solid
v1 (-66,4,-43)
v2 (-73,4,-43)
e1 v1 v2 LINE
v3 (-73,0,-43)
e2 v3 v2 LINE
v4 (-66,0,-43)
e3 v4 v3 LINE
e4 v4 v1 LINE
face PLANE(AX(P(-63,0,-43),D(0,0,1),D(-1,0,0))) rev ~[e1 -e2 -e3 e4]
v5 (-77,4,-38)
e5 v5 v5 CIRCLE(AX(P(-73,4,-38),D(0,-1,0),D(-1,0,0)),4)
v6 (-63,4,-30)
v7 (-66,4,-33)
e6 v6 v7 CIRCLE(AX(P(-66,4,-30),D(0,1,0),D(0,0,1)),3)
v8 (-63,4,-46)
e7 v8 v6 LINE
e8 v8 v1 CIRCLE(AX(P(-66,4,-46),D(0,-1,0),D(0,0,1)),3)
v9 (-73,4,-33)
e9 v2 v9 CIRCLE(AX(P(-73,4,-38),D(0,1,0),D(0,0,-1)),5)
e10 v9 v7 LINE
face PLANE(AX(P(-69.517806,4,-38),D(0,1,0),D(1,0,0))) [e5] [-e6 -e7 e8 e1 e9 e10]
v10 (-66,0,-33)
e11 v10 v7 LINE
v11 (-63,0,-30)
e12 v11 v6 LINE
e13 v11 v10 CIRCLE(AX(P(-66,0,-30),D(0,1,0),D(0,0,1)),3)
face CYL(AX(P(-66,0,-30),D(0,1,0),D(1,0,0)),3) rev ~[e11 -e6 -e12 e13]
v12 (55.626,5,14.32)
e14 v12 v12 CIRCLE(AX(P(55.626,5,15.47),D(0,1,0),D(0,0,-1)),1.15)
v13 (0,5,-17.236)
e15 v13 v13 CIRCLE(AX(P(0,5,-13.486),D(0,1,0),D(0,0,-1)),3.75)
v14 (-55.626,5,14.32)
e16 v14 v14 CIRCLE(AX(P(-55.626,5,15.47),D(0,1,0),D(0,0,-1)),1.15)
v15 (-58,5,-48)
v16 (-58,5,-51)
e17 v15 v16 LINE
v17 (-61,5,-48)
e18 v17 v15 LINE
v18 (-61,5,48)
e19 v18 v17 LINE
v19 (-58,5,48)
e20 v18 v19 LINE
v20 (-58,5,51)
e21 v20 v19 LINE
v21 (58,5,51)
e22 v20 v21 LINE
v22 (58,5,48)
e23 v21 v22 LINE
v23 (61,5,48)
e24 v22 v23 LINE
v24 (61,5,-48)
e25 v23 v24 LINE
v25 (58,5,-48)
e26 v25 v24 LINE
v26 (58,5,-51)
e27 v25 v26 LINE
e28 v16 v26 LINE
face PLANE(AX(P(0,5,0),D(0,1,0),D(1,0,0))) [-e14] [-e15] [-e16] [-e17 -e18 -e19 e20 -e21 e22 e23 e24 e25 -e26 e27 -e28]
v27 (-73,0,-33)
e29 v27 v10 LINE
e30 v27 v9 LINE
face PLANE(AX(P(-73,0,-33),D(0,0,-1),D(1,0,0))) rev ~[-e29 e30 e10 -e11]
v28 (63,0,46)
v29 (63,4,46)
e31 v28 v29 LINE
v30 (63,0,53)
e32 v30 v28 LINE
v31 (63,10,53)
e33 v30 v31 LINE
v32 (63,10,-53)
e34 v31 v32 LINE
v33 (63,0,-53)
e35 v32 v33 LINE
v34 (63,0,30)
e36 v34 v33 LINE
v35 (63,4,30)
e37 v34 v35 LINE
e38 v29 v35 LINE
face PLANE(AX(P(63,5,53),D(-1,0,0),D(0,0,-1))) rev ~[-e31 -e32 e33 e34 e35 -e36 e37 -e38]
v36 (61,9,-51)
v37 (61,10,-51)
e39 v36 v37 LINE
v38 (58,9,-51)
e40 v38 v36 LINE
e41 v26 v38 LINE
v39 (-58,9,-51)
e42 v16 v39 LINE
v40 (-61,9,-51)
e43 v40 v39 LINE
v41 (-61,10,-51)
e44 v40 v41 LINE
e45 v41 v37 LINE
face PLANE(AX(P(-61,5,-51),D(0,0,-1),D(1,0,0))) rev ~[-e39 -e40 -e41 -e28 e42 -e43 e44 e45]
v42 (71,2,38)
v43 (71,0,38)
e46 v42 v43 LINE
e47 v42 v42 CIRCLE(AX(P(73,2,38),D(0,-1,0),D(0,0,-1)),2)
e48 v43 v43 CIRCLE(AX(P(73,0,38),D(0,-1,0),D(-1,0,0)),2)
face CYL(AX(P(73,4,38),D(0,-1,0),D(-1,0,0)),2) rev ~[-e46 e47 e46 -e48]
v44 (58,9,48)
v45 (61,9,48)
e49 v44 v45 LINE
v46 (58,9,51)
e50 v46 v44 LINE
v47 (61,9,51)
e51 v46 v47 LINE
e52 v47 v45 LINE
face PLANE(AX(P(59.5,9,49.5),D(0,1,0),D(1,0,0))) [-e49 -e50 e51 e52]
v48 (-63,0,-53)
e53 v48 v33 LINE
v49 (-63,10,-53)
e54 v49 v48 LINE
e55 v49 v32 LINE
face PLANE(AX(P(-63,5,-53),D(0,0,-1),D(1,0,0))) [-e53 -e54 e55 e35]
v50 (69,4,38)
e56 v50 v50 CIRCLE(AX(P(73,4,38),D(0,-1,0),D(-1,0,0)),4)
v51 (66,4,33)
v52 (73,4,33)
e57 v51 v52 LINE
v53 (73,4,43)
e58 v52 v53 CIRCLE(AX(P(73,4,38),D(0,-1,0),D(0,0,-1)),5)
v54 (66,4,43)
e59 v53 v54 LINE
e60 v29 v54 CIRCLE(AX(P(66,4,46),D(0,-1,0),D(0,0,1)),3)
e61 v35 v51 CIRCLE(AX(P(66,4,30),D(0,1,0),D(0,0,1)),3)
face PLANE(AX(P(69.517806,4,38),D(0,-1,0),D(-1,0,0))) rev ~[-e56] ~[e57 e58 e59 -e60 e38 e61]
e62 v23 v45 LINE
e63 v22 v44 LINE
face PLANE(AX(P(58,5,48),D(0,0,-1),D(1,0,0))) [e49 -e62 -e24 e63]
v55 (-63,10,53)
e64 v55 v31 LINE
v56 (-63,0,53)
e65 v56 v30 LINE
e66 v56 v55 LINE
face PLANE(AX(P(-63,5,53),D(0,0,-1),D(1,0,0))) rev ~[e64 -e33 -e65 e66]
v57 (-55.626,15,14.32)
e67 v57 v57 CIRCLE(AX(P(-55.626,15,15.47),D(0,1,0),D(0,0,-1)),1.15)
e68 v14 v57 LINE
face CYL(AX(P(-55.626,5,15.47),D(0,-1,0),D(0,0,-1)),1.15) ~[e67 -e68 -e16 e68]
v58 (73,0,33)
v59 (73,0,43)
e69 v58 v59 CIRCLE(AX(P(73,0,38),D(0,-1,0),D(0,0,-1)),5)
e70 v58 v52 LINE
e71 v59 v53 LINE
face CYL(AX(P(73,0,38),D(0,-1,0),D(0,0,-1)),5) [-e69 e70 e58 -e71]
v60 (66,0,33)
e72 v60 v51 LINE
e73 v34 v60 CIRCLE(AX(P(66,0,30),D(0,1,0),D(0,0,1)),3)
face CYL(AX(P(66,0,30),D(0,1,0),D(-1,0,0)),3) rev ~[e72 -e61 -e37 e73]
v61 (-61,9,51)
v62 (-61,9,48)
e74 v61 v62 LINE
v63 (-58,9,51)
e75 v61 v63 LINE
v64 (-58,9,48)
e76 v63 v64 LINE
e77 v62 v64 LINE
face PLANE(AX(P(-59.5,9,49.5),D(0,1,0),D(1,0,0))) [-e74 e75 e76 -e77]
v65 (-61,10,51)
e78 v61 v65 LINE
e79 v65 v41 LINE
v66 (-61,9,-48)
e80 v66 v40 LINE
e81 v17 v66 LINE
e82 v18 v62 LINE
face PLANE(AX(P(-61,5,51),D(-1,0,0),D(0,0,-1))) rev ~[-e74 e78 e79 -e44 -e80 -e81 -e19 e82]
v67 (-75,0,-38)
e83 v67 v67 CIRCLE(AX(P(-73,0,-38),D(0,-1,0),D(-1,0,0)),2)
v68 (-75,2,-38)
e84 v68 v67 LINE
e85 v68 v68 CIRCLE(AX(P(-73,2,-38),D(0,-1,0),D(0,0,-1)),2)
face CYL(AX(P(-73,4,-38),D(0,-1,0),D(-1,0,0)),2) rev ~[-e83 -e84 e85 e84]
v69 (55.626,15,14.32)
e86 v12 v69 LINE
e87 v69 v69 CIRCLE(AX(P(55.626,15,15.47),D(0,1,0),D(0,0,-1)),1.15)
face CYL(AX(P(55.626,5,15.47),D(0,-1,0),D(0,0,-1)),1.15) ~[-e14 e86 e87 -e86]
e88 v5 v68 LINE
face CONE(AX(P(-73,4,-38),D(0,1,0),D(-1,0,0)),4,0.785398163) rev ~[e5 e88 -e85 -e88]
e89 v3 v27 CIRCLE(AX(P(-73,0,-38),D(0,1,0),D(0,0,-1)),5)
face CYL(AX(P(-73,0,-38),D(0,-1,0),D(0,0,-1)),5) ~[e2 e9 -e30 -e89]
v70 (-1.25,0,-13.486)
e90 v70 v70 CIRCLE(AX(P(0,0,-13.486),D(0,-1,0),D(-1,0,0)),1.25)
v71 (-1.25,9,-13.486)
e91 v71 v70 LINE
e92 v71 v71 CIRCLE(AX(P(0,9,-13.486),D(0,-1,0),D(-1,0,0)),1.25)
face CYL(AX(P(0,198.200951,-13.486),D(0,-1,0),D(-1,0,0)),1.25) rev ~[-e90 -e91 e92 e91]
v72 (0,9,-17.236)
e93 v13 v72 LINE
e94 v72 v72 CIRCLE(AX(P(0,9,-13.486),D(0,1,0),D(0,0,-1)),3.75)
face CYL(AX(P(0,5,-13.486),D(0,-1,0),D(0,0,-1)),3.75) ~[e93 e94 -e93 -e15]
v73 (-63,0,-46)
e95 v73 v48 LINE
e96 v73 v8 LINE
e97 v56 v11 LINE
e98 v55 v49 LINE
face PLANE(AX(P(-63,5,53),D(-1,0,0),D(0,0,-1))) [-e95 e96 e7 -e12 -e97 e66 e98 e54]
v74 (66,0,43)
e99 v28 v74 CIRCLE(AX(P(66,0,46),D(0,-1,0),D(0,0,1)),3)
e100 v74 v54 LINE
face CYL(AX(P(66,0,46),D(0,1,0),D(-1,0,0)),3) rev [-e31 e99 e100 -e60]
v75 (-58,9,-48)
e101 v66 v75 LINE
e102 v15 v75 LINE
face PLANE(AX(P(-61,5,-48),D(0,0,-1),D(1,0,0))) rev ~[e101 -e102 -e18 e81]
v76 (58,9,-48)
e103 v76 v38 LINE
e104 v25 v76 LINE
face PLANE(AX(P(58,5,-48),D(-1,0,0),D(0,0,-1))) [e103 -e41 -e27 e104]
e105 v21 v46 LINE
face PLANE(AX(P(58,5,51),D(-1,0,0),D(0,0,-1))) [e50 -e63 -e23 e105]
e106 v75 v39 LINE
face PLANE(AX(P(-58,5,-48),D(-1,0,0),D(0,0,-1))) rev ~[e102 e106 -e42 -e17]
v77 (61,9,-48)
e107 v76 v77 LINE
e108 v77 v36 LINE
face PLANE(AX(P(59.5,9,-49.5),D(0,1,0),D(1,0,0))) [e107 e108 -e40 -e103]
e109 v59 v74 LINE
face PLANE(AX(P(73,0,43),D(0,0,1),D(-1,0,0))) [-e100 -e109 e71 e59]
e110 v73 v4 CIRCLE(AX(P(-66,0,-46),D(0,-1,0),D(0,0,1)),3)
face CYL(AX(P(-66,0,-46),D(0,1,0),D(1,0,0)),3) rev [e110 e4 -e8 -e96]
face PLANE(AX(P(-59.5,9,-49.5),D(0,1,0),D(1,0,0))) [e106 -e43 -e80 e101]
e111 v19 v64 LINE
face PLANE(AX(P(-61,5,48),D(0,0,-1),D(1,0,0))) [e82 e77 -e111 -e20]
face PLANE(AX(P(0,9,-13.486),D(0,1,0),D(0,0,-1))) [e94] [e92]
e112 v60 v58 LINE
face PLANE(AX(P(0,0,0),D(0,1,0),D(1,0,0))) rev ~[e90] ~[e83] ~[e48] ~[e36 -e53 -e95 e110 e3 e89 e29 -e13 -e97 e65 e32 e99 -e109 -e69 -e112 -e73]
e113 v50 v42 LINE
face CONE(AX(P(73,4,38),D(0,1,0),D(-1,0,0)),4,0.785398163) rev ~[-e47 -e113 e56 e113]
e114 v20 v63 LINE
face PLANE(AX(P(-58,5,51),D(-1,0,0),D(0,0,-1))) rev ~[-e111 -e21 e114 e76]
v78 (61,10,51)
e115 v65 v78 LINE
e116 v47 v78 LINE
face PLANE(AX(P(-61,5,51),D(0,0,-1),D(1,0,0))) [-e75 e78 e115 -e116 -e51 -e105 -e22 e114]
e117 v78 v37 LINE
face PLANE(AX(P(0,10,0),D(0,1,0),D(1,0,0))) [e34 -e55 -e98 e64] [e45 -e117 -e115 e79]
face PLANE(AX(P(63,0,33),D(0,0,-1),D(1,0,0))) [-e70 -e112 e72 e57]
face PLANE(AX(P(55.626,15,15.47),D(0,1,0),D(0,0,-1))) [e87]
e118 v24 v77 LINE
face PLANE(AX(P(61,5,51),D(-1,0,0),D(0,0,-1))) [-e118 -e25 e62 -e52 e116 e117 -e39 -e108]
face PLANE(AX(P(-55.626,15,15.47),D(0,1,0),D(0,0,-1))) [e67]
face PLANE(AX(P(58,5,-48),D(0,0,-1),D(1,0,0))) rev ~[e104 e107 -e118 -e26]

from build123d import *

# Parameters (mm, degrees)
SKETCH1_W                       = 126
SKETCH1_H                       = 106
BOSS_EXTRUDE1_DEPTH             = 5
SKETCH3_W                       = 126
SKETCH3_H                       = 106
SKETCH3_W_2                     = 122
SKETCH3_H_2                     = 102
BOSS_EXTRUDE3_DEPTH             = 5
BOSS_EXTRUDE5_DEPTH             = 4
FILLET1_R                       = 3
F_4_0MM_DOWEL_HOLE1_D           = 4
F_4_0MM_DOWEL_HOLE1_CSINK_D     = 8
F_4_0MM_DOWEL_HOLE1_CSINK_ANGLE = 90
SKETCH17_R                      = 1.15
BOSS_EXTRUDE6_DEPTH             = 10
SKETCH18_W                      = 3
SKETCH18_H                      = 3
BOSS_EXTRUDE7_DEPTH             = 4
SKETCH4_R                       = 3.75
BOSS_EXTRUDE8_DEPTH             = 4
F_2_5MM_DOWEL_HOLE1_D           = 2.5


with BuildPart() as part:
    # Sketch1 → Boss-Extrude1 (new body)
    with BuildSketch(Plane(origin=(0, 0, 0), x_dir=(1, 0, 0), z_dir=(0, 1, 0))):
        Rectangle(SKETCH1_W, SKETCH1_H)
    extrude(amount=BOSS_EXTRUDE1_DEPTH)

    # Sketch3 → Boss-Extrude3 (add)
    with BuildSketch(Plane(origin=(0, 5, 0), x_dir=(1, 0, 0), z_dir=(0, 1, 0))):
        Rectangle(SKETCH3_W, SKETCH3_H)
        Rectangle(SKETCH3_W_2, SKETCH3_H_2, mode=Mode.SUBTRACT)
    extrude(amount=BOSS_EXTRUDE3_DEPTH)

    # Sketch7 → Boss-Extrude5 (add)
    with BuildSketch(Plane(origin=(0, 0, 0), x_dir=(1, 0, 0), z_dir=(0, 1, 0))):
        with BuildLine():
            Line((-63, 43), (-73, 43))
            ThreePointArc((-73, 43), (-78, 38), (-73, 33))
            Line((-73, 33), (-63, 33))
            Line((-63, 33), (-63, 43))
        make_face()
        with BuildLine():
            Line((63, -33), (73, -33))
            ThreePointArc((73, -33), (78, -38), (73, -43))
            Line((73, -43), (63, -43))
            Line((63, -43), (63, -33))
        make_face()
    extrude(amount=BOSS_EXTRUDE5_DEPTH)

    # Fillet1
    fillet1_edges = [part.edges().sort_by_distance(p)[0] for p in [
        (-63, 2, -33),
        (-63, 2, -43),
        (63, 2, 33),
        (63, 2, 43),
    ]]
    fillet(fillet1_edges, radius=FILLET1_R)

    # Ø4.0mm Dowel Hole1 (through all)
    with Locations(Plane(origin=(0, 4, 0), x_dir=(1, 0, 0), z_dir=(0, 1, 0))):
        with Locations((-73, 38), (73, -38)):
            CounterSinkHole(F_4_0MM_DOWEL_HOLE1_D / 2, F_4_0MM_DOWEL_HOLE1_CSINK_D / 2, counter_sink_angle=F_4_0MM_DOWEL_HOLE1_CSINK_ANGLE)

    # Sketch17 → Boss-Extrude6 (add)
    with BuildSketch(Plane(origin=(0, 5, 0), x_dir=(1, 0, 0), z_dir=(0, 1, 0))):
        with Locations(Location((-55.626, -15.47, 0), (0, 0, 90))):
            Circle(SKETCH17_R)
        with Locations(Location((55.626, -15.47, 0), (0, 0, 90))):
            Circle(SKETCH17_R)
    extrude(amount=BOSS_EXTRUDE6_DEPTH)

    # Sketch18 → Boss-Extrude7 (add)
    with BuildSketch(Plane(origin=(0, 5, 0), x_dir=(1, 0, 0), z_dir=(0, 1, 0))):
        with Locations((-59.5, 49.5)):
            Rectangle(SKETCH18_W, SKETCH18_H)
        with Locations((59.5, 49.5)):
            Rectangle(SKETCH18_W, SKETCH18_H)
        with Locations((-59.5, -49.5)):
            Rectangle(SKETCH18_W, SKETCH18_H)
        with Locations((59.5, -49.5)):
            Rectangle(SKETCH18_W, SKETCH18_H)
    extrude(amount=BOSS_EXTRUDE7_DEPTH)

    # Sketch4 → Boss-Extrude8 (add)
    with BuildSketch(Plane(origin=(0, 5, 0), x_dir=(1, 0, 0), z_dir=(0, 1, 0))):
        with Locations(Location((0, 13.486, 0), (0, 0, 90))):
            Circle(SKETCH4_R)
    extrude(amount=BOSS_EXTRUDE8_DEPTH)

    # Ø2.5mm Dowel Hole1 (through all)
    with Locations(Plane(origin=(0, 9, 0), x_dir=(1, 0, 0), z_dir=(0, 1, 0))):
        with Locations((0, 13.486)):
            Hole(F_2_5MM_DOWEL_HOLE1_D / 2)


solid = part.part
